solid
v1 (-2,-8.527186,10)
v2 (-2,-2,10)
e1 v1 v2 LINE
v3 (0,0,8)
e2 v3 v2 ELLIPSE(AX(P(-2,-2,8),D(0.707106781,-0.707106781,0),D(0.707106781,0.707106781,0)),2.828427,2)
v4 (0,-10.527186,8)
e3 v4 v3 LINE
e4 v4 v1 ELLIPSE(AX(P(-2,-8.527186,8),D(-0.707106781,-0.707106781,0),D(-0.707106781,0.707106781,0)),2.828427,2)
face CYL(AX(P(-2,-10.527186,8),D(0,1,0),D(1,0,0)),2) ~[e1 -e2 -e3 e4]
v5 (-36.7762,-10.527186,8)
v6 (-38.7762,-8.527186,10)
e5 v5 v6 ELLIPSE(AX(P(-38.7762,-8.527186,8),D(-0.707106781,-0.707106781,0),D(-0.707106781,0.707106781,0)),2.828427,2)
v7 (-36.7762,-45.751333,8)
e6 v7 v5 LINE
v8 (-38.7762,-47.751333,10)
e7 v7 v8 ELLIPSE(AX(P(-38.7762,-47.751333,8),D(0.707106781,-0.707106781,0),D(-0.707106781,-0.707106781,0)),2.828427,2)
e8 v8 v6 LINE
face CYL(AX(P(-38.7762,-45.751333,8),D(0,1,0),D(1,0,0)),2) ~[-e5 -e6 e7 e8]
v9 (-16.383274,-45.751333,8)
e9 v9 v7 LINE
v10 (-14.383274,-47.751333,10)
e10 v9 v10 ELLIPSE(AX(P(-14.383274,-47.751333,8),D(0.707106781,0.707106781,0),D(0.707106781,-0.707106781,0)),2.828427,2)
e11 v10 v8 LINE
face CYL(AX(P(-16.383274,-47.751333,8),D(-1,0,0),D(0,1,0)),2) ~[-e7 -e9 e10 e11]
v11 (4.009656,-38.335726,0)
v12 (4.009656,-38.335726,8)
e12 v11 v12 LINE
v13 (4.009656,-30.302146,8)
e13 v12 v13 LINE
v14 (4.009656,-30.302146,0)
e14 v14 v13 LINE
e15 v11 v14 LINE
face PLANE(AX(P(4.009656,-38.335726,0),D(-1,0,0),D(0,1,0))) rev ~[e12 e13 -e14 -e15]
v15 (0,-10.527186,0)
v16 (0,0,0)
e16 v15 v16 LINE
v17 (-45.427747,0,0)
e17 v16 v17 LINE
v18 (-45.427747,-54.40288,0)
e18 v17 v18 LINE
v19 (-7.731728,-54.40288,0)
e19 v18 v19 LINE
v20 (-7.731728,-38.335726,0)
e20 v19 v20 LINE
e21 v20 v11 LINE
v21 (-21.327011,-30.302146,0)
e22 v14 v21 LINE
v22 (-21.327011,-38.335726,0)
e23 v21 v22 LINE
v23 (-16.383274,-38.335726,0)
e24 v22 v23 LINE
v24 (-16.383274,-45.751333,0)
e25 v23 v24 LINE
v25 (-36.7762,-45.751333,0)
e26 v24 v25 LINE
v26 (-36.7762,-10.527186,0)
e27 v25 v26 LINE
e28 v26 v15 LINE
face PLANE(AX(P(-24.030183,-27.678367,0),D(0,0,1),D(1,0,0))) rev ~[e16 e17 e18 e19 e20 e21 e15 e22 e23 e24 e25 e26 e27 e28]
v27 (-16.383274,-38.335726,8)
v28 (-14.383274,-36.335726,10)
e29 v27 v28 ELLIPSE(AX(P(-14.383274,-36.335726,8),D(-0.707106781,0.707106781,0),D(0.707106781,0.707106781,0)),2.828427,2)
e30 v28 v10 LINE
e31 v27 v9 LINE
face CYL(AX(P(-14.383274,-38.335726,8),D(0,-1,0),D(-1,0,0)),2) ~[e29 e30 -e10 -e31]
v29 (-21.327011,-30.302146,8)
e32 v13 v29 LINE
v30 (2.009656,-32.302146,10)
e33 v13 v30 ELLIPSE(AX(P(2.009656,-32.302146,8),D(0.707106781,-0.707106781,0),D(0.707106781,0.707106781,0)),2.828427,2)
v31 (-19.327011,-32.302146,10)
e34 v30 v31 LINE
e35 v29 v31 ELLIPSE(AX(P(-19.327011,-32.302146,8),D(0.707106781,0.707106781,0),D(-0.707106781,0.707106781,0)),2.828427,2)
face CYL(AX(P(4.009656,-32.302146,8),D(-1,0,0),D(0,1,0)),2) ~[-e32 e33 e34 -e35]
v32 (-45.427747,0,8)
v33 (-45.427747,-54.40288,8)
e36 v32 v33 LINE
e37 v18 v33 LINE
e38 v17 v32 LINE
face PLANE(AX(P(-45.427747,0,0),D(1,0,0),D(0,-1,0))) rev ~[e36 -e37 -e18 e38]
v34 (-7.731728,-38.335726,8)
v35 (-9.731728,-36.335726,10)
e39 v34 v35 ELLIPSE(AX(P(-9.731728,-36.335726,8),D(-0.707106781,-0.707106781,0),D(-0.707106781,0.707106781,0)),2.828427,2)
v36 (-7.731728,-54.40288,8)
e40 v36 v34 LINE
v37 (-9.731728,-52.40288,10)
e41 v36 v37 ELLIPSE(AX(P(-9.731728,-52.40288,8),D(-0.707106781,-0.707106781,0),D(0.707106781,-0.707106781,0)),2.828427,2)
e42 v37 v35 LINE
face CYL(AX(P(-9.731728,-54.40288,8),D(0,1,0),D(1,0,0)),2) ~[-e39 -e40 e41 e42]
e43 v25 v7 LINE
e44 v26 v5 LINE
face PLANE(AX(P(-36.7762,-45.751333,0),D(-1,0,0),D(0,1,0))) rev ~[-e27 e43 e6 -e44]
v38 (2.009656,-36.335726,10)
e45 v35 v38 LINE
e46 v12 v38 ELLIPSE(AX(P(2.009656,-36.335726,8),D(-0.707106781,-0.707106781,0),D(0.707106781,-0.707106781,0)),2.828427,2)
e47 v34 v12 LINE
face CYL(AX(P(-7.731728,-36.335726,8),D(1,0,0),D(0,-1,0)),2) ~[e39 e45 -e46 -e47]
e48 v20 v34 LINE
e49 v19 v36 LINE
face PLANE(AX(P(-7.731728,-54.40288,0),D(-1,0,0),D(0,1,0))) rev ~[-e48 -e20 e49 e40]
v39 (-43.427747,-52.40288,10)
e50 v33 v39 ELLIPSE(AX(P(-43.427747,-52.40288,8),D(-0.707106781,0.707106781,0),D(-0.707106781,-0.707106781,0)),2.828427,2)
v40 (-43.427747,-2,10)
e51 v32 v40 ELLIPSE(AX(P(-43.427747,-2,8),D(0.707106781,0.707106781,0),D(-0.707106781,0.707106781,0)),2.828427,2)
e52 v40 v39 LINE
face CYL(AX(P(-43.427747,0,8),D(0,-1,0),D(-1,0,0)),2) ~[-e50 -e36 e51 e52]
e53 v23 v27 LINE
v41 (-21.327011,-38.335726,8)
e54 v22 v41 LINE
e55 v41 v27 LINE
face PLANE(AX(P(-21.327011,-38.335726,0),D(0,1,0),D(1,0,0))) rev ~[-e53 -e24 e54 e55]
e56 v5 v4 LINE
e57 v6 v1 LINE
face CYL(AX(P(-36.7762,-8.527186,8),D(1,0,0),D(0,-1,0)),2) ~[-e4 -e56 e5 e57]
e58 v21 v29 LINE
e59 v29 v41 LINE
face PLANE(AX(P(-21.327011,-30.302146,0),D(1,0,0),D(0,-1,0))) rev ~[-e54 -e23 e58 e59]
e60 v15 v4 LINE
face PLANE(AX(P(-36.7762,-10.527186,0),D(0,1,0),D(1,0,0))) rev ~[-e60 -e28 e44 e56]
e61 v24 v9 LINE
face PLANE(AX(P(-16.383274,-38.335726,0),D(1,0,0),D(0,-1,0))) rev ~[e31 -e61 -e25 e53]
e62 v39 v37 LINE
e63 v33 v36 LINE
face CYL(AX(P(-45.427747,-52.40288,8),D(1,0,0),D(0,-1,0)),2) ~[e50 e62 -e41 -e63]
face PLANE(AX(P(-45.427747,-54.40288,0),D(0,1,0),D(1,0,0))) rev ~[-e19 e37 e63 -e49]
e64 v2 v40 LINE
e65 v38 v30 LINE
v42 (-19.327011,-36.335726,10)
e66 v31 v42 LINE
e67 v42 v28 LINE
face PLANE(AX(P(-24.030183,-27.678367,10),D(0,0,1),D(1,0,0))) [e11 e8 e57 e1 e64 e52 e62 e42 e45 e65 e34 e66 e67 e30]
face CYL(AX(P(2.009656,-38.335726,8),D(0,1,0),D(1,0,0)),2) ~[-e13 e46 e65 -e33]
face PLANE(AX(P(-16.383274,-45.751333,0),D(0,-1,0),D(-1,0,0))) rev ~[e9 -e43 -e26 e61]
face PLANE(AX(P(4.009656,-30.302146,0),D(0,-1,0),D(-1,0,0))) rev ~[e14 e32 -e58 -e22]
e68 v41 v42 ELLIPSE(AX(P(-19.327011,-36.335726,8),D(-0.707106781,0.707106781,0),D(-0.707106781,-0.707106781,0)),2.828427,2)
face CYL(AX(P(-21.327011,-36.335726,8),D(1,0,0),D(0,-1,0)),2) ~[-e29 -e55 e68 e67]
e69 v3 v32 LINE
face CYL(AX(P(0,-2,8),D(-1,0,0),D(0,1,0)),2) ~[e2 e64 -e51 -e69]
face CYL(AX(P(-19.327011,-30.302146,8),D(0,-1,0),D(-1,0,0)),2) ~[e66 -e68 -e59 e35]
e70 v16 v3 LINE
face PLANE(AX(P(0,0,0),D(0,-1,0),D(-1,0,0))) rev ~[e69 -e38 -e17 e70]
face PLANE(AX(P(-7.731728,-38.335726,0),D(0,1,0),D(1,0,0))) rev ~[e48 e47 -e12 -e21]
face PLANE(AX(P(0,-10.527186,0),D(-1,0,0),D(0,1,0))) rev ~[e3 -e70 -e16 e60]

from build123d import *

# Parameters (mm, degrees)
F1_DEPTH = 10
F2_R     = 2


with BuildPart() as f1:
    # F0 (on Top) → F1 (new body)
    with BuildSketch(Plane.XY):
        Polygon((0, -10.527186), (0, 0), (-36.7762, 0), (-45.427747, 0), (-45.427747, -54.40288), (-7.731728, -54.40288), (-7.731728, -38.335726), (4.009656, -38.335726), (4.009656, -30.302146), (-21.327011, -30.302146), (-21.327011, -38.335726), (-16.383274, -38.335726), (-16.383274, -45.751333), (-36.7762, -45.751333), (-36.7762, -10.527186), (-8.349694, -10.527186), align=None)
    extrude(amount=F1_DEPTH)

    # F2
    f2_edges = [f1.edges().sort_by_distance(p)[0] for p in [
        (0, -5.263593, 10),
        (-22.713874, 0, 10),
        (-45.427747, -27.20144, 10),
        (-26.579737, -54.40288, 10),
        (-7.731728, -46.369303, 10),
        (-1.861036, -38.335726, 10),
        (4.009656, -34.318936, 10),
        (-8.658678, -30.302146, 10),
        (-21.327011, -34.318936, 10),
        (-18.855142, -38.335726, 10),
        (-16.383274, -42.043529, 10),
        (-26.579737, -45.751333, 10),
        (-36.7762, -28.13926, 10),
        (-18.3881, -10.527186, 10),
    ]]
    fillet(f2_edges, radius=F2_R)


solid = f1.part
